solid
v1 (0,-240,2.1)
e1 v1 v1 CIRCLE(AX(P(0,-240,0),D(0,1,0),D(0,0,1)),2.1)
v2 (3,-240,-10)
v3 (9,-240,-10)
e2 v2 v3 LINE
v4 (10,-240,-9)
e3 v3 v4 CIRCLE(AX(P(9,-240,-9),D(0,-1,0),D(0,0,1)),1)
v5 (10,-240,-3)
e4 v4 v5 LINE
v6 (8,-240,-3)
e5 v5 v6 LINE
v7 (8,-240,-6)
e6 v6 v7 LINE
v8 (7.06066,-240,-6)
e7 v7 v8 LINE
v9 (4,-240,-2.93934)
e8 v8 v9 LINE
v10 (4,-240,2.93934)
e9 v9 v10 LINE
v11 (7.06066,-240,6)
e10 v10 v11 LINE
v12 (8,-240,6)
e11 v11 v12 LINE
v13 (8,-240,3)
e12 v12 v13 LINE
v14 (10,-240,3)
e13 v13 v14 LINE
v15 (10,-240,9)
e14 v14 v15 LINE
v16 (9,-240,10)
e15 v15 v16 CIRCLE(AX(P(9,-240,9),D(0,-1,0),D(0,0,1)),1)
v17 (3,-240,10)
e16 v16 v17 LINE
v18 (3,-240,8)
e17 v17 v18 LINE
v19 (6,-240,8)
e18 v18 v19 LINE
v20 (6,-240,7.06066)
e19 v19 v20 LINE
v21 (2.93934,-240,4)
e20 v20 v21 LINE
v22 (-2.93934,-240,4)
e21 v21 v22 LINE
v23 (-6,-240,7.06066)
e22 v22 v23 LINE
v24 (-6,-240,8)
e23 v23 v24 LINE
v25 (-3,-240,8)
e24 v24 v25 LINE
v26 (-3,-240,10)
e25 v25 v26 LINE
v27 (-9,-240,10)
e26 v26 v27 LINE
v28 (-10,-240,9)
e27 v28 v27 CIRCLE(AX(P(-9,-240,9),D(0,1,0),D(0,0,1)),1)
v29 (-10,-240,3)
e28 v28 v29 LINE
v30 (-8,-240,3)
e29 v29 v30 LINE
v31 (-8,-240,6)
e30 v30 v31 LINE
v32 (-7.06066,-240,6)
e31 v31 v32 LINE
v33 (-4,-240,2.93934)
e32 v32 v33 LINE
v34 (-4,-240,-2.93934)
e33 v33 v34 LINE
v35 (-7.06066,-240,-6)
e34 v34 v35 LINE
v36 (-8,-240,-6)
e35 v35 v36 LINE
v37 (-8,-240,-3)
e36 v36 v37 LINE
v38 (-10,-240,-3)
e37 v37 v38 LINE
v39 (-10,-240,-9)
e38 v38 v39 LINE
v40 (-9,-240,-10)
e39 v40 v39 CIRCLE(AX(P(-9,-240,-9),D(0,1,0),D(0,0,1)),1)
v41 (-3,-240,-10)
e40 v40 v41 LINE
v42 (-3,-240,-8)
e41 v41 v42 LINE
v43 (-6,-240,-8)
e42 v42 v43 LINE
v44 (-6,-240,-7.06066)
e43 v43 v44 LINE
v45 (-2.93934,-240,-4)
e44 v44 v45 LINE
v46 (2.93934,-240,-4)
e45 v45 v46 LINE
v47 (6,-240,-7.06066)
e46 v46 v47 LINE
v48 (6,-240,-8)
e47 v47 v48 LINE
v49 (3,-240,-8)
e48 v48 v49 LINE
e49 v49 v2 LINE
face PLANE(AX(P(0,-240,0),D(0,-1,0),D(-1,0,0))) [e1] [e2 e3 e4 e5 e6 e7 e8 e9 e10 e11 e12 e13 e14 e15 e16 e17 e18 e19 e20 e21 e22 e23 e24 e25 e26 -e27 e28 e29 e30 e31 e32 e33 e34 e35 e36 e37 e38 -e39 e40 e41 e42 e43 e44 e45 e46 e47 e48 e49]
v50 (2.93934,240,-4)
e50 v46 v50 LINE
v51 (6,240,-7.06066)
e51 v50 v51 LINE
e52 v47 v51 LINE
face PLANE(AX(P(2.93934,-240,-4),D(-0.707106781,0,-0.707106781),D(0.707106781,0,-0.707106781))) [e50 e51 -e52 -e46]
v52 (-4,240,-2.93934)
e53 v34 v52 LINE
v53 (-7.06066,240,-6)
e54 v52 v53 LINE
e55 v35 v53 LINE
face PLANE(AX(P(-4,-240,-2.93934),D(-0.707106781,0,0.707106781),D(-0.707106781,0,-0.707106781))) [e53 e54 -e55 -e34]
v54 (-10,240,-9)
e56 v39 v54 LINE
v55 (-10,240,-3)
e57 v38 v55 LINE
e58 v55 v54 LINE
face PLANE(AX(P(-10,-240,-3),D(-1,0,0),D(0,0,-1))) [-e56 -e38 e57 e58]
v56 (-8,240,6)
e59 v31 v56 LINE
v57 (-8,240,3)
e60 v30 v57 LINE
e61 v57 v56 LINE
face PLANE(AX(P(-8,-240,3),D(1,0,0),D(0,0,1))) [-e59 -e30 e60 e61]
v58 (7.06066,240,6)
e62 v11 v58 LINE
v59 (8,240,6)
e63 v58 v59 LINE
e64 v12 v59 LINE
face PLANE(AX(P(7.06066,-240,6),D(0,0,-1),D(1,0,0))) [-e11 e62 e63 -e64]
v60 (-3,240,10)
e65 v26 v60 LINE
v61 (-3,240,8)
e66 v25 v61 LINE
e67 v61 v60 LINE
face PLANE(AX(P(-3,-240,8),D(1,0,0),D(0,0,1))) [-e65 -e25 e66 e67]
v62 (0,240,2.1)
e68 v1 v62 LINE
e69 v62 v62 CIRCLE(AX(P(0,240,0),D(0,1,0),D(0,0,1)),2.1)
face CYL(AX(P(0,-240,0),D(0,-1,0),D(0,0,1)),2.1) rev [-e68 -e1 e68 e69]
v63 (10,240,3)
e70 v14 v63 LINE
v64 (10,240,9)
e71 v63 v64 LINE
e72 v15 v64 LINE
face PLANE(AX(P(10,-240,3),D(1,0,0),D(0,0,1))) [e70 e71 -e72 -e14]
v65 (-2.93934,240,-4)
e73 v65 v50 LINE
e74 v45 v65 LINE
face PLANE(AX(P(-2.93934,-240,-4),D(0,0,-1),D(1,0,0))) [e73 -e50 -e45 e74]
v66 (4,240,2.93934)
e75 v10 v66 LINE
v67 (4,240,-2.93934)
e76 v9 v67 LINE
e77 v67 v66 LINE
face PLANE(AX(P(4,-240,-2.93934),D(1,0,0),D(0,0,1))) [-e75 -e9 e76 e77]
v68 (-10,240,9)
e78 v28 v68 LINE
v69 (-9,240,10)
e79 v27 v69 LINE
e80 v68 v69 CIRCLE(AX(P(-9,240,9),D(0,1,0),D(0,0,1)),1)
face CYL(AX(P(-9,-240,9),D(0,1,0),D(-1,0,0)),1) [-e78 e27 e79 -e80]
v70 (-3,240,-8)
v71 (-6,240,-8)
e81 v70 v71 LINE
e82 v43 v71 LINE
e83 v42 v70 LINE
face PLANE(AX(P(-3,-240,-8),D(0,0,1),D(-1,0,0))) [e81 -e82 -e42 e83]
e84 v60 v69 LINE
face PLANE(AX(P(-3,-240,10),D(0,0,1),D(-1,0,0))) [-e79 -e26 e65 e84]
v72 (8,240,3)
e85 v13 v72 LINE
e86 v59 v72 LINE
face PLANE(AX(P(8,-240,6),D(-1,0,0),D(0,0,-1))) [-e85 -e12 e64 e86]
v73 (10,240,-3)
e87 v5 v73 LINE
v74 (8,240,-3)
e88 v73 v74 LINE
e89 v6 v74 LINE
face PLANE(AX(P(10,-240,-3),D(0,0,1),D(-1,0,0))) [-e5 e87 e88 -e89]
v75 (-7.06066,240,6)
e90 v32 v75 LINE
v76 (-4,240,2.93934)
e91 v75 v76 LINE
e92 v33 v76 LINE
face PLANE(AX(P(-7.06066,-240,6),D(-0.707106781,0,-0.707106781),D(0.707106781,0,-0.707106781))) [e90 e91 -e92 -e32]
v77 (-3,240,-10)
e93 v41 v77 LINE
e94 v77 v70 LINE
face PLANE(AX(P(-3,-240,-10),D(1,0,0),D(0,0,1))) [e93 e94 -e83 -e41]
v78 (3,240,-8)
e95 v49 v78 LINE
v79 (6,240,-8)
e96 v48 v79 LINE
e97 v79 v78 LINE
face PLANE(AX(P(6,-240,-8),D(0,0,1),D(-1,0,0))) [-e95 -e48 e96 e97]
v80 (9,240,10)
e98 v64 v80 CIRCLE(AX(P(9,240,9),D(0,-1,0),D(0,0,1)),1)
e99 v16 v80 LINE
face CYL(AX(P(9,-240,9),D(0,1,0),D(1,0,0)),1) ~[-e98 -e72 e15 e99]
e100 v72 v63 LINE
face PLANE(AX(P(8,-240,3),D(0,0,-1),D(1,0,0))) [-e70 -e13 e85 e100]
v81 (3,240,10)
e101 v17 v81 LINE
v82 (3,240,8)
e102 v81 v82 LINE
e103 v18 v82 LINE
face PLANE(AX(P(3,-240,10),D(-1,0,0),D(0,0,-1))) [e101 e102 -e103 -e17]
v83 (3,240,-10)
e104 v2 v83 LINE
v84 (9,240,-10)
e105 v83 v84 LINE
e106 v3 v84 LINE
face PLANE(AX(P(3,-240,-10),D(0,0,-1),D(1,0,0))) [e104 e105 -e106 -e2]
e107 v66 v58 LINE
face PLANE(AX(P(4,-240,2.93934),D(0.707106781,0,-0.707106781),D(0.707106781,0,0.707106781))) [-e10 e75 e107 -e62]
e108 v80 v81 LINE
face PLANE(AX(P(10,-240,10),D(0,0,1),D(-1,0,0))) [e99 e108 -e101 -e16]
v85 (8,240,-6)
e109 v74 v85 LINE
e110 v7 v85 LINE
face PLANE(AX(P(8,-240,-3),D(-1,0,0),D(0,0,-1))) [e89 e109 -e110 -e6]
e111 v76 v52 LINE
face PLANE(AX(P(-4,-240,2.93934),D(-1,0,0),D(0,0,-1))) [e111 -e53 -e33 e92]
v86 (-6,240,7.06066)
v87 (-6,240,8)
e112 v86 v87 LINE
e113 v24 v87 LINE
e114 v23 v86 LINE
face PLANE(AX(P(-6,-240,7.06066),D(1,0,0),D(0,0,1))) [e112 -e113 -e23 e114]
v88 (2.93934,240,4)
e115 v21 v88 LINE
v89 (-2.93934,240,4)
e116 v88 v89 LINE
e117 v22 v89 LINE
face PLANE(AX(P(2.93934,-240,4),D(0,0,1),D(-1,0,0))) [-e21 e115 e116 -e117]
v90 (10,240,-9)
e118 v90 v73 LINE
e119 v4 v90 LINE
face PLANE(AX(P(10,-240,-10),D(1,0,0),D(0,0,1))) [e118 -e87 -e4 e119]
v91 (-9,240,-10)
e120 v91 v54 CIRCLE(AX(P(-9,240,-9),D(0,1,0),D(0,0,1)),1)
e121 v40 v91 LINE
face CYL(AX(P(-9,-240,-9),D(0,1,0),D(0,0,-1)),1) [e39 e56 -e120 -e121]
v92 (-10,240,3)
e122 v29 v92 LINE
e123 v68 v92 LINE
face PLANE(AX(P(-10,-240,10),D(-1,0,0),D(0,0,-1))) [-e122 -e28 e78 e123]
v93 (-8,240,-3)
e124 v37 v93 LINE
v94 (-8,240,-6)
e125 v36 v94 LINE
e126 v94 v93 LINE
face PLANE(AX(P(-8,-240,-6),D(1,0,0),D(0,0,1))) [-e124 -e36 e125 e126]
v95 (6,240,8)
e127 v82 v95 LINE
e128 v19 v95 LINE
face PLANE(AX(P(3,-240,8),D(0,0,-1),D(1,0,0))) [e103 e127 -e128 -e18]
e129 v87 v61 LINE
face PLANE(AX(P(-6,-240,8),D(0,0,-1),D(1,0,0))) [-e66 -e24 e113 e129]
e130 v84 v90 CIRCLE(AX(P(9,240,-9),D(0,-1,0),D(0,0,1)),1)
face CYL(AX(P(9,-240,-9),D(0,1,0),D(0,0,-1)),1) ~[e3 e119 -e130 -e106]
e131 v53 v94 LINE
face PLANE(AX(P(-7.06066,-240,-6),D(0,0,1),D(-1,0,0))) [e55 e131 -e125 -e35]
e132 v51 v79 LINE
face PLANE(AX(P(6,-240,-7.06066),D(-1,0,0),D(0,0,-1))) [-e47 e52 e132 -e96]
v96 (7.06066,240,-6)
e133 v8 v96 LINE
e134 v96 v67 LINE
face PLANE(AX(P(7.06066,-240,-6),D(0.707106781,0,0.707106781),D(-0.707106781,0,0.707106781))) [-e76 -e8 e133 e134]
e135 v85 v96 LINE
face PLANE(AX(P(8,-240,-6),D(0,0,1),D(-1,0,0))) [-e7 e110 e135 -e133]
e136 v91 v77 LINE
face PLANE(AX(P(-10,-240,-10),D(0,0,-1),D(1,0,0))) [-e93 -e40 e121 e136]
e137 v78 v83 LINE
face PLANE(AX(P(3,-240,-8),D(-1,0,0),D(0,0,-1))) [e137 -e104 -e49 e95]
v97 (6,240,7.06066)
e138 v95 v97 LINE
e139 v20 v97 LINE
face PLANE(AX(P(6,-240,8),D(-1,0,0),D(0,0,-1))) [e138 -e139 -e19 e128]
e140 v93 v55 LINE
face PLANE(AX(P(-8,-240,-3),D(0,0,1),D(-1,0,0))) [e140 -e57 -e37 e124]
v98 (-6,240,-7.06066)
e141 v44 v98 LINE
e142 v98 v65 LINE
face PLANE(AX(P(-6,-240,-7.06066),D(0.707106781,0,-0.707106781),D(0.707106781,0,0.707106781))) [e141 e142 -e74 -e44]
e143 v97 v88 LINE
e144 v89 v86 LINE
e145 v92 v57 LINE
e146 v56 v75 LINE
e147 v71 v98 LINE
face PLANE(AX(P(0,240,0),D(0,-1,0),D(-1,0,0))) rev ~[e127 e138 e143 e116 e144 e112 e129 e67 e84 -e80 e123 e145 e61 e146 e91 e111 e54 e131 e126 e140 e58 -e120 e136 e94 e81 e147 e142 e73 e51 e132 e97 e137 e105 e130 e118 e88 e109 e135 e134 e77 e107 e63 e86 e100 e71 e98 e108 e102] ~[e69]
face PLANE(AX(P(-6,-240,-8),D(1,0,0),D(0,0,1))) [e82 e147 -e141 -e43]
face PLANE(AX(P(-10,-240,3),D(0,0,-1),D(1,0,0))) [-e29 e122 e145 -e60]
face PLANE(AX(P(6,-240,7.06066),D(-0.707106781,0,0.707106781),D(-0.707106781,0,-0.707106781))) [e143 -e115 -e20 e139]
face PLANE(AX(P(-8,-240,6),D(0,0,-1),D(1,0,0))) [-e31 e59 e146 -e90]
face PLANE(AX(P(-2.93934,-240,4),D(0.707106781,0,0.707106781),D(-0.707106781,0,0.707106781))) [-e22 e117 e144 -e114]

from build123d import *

# Parameters (mm, degrees)
BASE_EXTRUSTION_DEPTH      = 240
BASE_EXTRUSTION_DEPTH_BACK = 240
SKETCH1_R                  = 2.1
CORNERS_R                  = 1


with BuildPart() as part:
    # Sketch1 → Base Extrustion (new, two sides: drawn at the far end of the back side and taken through both)
    with BuildSketch(Plane(origin=(0, 0, 0), x_dir=(1, 0, 0), z_dir=(0, 1, 0)).offset(-BASE_EXTRUSTION_DEPTH_BACK)):
        Polygon((-10, 10), (-3, 10), (-3, 8), (-6, 8), (-6, 7.060660172), (-2.939339828, 4), (2.939339828, 4), (6, 7.060660172), (6, 8), (3, 8), (3, 10), (10, 10), (10, 3), (8, 3), (8, 6), (7.060660172, 6), (4, 2.939339828), (4, -2.939339828), (7.060660172, -6), (8, -6), (8, -3), (10, -3), (10, -10), (3, -10), (3, -8), (6, -8), (6, -7.060660172), (2.939339828, -4), (-2.939339828, -4), (-6, -7.060660172), (-6, -8), (-3, -8), (-3, -10), (-10, -10), (-10, -3), (-8, -3), (-8, -6), (-7.060660172, -6), (-4, -2.939339828), (-4, 2.939339828), (-7.060660172, 6), (-8, 6), (-8, 3), (-10, 3), align=None)
        with Locations(Location((0, 0, 0), (0, 0, 270))):
            Circle(SKETCH1_R, mode=Mode.SUBTRACT)
    extrude(amount=BASE_EXTRUSTION_DEPTH + BASE_EXTRUSTION_DEPTH_BACK)

    # Corners
    corners_edges = [part.edges().sort_by_distance(p)[0] for p in [
        (-10, 0, -10),
        (10, 0, -10),
        (10, 0, 10),
        (-10, 0, 10),
    ]]
    fillet(corners_edges, radius=CORNERS_R)


solid = part.part
